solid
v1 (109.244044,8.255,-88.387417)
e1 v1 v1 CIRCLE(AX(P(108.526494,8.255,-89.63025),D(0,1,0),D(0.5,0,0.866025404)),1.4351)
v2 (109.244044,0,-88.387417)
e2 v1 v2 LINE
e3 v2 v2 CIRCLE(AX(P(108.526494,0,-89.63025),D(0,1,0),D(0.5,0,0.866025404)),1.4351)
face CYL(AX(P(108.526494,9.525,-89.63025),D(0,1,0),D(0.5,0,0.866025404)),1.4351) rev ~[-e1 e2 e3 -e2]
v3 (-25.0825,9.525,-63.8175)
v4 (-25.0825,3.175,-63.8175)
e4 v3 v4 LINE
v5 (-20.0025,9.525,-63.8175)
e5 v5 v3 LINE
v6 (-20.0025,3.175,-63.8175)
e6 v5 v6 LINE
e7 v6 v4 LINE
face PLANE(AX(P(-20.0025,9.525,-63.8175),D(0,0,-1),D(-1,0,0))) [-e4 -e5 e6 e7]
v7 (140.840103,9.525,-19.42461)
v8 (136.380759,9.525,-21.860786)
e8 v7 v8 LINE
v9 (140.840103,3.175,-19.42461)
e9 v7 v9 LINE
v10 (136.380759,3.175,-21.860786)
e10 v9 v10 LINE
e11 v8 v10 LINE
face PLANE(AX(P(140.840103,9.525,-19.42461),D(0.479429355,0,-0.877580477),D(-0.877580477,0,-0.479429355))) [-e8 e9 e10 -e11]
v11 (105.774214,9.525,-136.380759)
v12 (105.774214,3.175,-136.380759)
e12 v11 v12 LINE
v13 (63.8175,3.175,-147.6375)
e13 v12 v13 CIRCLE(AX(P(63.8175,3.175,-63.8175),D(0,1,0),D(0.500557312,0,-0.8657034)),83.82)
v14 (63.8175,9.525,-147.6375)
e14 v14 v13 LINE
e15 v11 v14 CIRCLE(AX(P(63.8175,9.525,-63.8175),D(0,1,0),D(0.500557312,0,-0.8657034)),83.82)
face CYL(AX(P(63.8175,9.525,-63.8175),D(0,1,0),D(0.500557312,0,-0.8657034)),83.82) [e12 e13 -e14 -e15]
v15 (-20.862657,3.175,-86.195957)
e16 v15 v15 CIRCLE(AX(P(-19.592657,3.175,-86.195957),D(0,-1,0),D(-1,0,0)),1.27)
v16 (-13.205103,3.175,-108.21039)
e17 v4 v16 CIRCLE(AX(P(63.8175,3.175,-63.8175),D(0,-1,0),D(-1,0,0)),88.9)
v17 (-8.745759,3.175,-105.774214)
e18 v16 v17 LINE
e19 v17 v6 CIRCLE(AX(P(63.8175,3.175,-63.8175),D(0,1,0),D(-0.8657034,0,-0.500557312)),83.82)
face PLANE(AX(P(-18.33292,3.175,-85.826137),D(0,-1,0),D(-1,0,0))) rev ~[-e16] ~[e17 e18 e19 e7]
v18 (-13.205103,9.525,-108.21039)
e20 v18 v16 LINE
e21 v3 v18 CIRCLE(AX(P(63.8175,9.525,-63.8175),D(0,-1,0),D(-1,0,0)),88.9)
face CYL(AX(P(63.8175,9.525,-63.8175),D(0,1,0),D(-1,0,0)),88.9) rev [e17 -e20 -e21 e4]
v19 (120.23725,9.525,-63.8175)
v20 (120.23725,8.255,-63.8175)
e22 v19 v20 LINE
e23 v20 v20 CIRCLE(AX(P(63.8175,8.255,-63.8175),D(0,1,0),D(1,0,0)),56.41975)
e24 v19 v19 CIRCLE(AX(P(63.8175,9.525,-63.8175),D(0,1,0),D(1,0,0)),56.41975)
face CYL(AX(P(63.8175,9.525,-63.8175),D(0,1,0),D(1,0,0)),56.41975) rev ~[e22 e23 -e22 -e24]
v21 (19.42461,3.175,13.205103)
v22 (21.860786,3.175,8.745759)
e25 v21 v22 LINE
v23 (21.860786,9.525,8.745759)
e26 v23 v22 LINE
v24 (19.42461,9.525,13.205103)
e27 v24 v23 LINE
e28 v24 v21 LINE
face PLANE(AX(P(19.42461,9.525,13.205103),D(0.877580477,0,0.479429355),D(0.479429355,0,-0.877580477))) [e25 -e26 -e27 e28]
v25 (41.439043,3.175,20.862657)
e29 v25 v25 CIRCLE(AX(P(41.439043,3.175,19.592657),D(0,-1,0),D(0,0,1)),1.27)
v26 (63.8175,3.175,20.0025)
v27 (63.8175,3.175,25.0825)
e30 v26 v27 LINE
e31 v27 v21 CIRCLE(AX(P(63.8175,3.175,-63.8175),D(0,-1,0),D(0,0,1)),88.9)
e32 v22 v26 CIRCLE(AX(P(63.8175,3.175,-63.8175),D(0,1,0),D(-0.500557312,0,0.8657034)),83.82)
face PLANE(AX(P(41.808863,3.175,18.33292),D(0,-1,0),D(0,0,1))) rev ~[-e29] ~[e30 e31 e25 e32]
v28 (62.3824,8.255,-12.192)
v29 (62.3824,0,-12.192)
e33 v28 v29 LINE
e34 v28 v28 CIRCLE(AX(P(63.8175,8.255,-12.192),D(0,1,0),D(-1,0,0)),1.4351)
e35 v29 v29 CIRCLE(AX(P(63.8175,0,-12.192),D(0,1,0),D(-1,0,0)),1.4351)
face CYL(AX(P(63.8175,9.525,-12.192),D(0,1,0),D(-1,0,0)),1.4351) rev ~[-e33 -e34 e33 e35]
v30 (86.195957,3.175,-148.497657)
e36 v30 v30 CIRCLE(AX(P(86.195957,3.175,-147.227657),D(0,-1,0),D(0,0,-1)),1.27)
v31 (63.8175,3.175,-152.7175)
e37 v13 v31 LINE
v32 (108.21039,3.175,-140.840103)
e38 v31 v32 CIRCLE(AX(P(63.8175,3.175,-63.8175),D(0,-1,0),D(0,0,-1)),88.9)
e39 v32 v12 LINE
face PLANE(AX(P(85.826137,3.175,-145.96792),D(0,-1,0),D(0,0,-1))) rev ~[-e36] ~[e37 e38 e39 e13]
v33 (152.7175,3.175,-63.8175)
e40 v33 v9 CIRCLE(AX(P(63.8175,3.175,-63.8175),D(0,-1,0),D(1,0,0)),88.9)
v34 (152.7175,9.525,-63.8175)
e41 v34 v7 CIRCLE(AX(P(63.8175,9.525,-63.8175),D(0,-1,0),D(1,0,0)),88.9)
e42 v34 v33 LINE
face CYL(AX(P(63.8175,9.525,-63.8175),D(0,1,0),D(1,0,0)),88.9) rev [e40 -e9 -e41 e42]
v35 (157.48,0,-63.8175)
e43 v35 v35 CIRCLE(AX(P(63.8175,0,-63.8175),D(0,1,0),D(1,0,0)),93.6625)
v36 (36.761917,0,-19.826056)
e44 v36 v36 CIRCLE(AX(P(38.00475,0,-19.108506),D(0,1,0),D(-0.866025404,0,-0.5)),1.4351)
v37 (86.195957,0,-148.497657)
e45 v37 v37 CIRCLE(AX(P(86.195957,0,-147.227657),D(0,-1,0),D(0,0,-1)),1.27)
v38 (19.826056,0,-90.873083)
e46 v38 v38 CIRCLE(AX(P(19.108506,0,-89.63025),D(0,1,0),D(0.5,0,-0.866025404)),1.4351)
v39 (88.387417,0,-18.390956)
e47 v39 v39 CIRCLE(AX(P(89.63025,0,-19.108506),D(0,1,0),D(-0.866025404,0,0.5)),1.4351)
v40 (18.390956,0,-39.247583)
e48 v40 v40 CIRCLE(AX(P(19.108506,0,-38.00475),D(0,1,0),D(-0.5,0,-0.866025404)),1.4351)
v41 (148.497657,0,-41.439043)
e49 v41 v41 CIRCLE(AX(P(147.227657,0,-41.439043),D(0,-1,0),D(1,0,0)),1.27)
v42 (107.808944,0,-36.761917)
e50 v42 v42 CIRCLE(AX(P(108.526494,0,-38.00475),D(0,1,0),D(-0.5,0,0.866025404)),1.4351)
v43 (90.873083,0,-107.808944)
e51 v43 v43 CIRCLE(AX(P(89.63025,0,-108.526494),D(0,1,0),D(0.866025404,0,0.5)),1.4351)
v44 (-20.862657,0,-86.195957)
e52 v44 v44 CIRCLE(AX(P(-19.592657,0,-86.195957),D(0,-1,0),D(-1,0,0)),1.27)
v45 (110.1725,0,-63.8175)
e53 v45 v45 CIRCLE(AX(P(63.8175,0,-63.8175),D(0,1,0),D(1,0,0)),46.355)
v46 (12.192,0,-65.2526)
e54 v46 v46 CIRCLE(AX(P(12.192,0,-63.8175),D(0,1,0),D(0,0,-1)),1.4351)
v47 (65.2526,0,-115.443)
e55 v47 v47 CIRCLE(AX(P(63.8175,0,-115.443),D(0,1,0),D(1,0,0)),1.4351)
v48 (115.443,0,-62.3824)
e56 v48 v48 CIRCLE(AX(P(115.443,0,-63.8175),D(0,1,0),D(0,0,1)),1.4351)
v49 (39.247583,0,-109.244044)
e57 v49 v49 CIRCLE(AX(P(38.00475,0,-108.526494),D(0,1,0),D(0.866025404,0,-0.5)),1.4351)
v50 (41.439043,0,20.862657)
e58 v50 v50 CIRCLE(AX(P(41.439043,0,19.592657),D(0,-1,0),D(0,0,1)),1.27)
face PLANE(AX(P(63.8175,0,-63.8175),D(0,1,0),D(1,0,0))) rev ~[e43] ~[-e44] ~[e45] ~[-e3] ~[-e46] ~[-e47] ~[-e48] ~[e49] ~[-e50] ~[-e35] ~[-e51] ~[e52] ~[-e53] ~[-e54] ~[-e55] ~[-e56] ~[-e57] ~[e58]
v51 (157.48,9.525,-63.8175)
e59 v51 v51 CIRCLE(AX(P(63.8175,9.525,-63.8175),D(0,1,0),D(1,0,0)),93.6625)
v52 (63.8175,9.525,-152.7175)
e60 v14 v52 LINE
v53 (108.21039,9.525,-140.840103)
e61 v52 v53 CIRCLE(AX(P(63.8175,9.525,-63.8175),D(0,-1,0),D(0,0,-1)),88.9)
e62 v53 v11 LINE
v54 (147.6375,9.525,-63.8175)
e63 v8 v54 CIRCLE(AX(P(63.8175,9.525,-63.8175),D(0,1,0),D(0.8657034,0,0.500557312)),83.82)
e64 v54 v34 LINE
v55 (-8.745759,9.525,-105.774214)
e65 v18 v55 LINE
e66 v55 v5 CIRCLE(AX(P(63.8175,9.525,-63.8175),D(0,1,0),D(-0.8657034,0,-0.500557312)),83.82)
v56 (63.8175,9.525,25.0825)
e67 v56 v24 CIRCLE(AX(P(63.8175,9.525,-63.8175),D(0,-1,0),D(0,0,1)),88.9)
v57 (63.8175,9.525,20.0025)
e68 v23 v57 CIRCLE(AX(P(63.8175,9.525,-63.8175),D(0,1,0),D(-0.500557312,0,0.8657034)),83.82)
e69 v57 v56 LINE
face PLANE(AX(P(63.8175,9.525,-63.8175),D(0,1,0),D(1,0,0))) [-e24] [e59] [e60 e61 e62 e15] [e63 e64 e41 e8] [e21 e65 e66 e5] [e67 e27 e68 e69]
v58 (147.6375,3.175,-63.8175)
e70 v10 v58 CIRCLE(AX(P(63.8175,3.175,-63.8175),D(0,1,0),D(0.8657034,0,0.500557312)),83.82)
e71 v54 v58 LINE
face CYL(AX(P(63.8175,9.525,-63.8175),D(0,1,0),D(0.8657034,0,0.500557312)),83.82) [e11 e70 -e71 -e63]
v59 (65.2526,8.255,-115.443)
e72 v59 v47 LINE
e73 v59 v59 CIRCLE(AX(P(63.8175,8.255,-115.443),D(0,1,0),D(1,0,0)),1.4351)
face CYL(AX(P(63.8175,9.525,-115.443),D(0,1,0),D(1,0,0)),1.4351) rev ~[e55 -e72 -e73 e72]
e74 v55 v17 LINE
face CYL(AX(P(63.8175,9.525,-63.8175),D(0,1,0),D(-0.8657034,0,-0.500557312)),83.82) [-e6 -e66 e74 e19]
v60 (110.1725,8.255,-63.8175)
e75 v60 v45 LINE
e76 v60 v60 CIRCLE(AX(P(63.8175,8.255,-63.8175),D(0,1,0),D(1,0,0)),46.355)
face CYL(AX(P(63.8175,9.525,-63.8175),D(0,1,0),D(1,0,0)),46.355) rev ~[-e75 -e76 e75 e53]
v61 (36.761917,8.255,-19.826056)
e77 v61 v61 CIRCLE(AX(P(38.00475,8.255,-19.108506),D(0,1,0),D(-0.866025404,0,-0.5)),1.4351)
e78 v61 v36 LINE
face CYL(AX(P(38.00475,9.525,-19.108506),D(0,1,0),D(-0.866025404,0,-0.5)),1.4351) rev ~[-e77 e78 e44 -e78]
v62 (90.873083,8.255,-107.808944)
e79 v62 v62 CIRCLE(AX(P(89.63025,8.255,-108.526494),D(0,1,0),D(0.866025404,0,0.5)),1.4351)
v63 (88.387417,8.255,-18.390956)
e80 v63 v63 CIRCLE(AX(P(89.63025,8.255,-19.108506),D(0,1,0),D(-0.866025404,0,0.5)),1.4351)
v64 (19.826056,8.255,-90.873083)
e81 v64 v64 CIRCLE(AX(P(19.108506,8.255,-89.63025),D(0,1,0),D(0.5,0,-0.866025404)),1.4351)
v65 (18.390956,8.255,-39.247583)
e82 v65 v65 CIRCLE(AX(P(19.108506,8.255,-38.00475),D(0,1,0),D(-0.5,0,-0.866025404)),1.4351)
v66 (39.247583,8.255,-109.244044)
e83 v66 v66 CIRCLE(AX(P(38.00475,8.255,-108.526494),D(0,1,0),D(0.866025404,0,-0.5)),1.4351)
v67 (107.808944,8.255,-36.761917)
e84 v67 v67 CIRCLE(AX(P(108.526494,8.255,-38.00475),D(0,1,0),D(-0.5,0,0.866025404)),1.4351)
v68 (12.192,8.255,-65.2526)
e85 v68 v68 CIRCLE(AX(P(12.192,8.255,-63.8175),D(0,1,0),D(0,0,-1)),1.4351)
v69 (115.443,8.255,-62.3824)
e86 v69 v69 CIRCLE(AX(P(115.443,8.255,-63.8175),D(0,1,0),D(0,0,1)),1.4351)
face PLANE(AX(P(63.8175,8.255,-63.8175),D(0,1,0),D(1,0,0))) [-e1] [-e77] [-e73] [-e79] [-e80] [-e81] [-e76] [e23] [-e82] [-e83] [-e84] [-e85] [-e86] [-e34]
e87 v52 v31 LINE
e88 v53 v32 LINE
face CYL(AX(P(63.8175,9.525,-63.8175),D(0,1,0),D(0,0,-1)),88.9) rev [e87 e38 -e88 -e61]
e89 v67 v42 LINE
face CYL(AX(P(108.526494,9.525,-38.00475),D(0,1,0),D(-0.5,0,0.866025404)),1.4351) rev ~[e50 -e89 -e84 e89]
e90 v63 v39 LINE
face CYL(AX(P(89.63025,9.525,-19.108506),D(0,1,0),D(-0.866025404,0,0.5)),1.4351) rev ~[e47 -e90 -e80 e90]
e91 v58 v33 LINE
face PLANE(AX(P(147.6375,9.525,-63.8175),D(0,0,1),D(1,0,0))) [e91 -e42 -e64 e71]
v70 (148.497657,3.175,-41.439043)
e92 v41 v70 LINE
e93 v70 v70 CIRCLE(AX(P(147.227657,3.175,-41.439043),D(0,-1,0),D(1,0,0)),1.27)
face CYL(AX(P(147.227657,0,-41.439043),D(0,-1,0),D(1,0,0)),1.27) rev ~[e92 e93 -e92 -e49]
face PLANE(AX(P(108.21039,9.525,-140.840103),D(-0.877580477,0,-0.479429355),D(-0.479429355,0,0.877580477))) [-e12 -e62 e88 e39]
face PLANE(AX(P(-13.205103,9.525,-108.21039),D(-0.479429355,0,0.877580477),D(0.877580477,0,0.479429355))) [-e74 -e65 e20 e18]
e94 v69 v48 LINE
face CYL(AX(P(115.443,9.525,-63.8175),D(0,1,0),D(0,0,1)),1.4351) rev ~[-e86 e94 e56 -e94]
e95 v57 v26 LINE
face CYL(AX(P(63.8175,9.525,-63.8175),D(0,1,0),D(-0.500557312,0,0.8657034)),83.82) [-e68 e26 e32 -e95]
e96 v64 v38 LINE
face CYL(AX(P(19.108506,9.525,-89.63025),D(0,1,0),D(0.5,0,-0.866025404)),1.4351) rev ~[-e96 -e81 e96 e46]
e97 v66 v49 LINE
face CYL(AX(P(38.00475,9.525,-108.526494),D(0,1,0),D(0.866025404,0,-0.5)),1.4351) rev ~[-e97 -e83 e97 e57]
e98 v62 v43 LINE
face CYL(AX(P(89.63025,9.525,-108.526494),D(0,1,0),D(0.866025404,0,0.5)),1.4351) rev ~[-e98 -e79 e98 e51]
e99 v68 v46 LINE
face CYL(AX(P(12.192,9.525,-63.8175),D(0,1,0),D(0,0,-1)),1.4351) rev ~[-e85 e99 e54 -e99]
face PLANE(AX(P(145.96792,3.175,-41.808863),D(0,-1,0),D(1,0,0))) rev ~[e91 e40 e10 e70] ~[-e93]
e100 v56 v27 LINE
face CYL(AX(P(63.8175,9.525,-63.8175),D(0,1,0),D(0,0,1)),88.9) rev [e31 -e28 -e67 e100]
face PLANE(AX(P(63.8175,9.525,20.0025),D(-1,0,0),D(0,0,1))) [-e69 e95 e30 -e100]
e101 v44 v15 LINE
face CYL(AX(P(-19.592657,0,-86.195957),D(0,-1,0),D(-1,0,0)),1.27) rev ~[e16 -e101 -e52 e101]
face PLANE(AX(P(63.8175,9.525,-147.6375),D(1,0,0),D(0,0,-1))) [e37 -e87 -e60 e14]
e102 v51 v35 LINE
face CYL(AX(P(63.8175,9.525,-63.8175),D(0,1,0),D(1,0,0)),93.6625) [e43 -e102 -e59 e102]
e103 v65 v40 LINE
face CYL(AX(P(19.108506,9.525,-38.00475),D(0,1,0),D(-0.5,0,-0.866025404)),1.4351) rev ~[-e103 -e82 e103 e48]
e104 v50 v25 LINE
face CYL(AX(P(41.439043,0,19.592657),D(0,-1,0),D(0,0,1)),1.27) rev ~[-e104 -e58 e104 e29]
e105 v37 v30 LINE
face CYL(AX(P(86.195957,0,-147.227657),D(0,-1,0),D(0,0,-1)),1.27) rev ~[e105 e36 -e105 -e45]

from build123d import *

# Parameters (mm, degrees)
SKETCH1_W                   = 127.635
SKETCH1_H                   = 127.635
BOSS_EXTRUDE1_DEPTH         = 9.525
SKETCH13_R                  = 93.6625
BOSS_EXTRUDE2_DEPTH         = 9.525
SKETCH5_R                   = 46.355
CUT_EXTRUDE1_DEPTH          = 9.525
SKETCH11_R                  = 1.4351
CUT_EXTRUDE3_DEPTH          = 10.525
CIRPATTERN1_COUNT           = 12
SKETCH12_R                  = 56.41975
CUT_EXTRUDE4_DEPTH          = 1.27
SUPPORT_HOLE_DEPTH          = 6.35
SKETCH16_R                  = 1.27
FRAME_BOLT_HOLE_DEPTH       = 3.175
FRAME_SUPPORT_PATTERN_COUNT = 4


with BuildPart() as part:
    # Sketch1 → Boss-Extrude1 (new body)
    with BuildSketch(Plane(origin=(0, 0, 0), x_dir=(1, 0, 0), z_dir=(0, 1, 0))):
        with Locations((63.8175, 63.8175)):
            Rectangle(SKETCH1_W, SKETCH1_H)
    extrude(amount=BOSS_EXTRUDE1_DEPTH)

    # Sketch13 → Boss-Extrude2 (add)
    with BuildSketch(Plane(origin=(0, 9.525, 0), x_dir=(1, 0, 0), z_dir=(0, 1, 0))):
        with Locations((63.8175, 63.8175)):
            Circle(SKETCH13_R)
    extrude(amount=-BOSS_EXTRUDE2_DEPTH)

    # Sketch5 → Cut-Extrude1 (cut)
    with BuildSketch(Plane(origin=(0, 9.525, 0), x_dir=(1, 0, 0), z_dir=(0, 1, 0))):
        with Locations((63.8175, 63.8175)):
            Circle(SKETCH5_R)
    extrude(amount=-CUT_EXTRUDE1_DEPTH, mode=Mode.SUBTRACT)

    # Sketch11 → Cut-Extrude3 (cut, through all)
    with BuildSketch(Plane(origin=(0, 9.525, 0), x_dir=(1, 0, 0), z_dir=(0, 1, 0))):
        with Locations((63.8175, 115.443)):
            Circle(SKETCH11_R)
    cut_extrude3 = extrude(amount=-CUT_EXTRUDE3_DEPTH, mode=Mode.SUBTRACT)

    # CirPattern1: Cut-Extrude3 ×12 about axis
    cirpattern1_axis = Axis((63.8175, 0, -63.8175), (0, 1, 0))
    for i in range(1, CIRPATTERN1_COUNT):
        add(cut_extrude3.rotate(cirpattern1_axis, i * 360 / CIRPATTERN1_COUNT), mode=Mode.SUBTRACT)

    # Sketch12 → Cut-Extrude4 (cut)
    with BuildSketch(Plane(origin=(0, 9.525, 0), x_dir=(1, 0, 0), z_dir=(0, 1, 0))):
        with Locations((63.8175, 63.8175)):
            Circle(SKETCH12_R)
    extrude(amount=-CUT_EXTRUDE4_DEPTH, mode=Mode.SUBTRACT)

    # Sketch15 → Support hole (cut)
    with BuildSketch(Plane(origin=(0, 9.525, 0), x_dir=(1, 0, 0), z_dir=(0, 1, 0))):
        with BuildLine():
            Line((-20.0025, 63.8175), (-25.0825, 63.8175))
            ThreePointArc((-25.0825, 63.8175), (-22.061832172, 86.794669228), (-13.205102796, 108.21038973))
            Line((-13.205102796, 108.21038973), (-8.745758996, 105.774213931))
            ThreePointArc((-8.745758996, 105.774213931), (-17.139416842, 85.53776739), (-20.0025, 63.8175))
        make_face()
    support_hole = extrude(amount=-SUPPORT_HOLE_DEPTH, mode=Mode.SUBTRACT)

    # Sketch16 → Frame bolt hole (cut)
    with BuildSketch(Plane(origin=(0, 0, 0), x_dir=(-1, 0, 0), z_dir=(0, -1, 0))):
        with Locations((19.592656746, 86.195957311)):
            Circle(SKETCH16_R)
    frame_bolt_hole = extrude(amount=-FRAME_BOLT_HOLE_DEPTH, mode=Mode.SUBTRACT)

    # Frame support pattern: Support hole, Frame bolt hole ×4 about axis
    frame_support_pattern_axis = Axis((63.8175, 0, -63.8175), (0, 1, 0))
    for i in range(1, FRAME_SUPPORT_PATTERN_COUNT):
        add(support_hole.rotate(frame_support_pattern_axis, i * 360 / FRAME_SUPPORT_PATTERN_COUNT), mode=Mode.SUBTRACT)
        add(frame_bolt_hole.rotate(frame_support_pattern_axis, i * 360 / FRAME_SUPPORT_PATTERN_COUNT), mode=Mode.SUBTRACT)


solid = part.part
